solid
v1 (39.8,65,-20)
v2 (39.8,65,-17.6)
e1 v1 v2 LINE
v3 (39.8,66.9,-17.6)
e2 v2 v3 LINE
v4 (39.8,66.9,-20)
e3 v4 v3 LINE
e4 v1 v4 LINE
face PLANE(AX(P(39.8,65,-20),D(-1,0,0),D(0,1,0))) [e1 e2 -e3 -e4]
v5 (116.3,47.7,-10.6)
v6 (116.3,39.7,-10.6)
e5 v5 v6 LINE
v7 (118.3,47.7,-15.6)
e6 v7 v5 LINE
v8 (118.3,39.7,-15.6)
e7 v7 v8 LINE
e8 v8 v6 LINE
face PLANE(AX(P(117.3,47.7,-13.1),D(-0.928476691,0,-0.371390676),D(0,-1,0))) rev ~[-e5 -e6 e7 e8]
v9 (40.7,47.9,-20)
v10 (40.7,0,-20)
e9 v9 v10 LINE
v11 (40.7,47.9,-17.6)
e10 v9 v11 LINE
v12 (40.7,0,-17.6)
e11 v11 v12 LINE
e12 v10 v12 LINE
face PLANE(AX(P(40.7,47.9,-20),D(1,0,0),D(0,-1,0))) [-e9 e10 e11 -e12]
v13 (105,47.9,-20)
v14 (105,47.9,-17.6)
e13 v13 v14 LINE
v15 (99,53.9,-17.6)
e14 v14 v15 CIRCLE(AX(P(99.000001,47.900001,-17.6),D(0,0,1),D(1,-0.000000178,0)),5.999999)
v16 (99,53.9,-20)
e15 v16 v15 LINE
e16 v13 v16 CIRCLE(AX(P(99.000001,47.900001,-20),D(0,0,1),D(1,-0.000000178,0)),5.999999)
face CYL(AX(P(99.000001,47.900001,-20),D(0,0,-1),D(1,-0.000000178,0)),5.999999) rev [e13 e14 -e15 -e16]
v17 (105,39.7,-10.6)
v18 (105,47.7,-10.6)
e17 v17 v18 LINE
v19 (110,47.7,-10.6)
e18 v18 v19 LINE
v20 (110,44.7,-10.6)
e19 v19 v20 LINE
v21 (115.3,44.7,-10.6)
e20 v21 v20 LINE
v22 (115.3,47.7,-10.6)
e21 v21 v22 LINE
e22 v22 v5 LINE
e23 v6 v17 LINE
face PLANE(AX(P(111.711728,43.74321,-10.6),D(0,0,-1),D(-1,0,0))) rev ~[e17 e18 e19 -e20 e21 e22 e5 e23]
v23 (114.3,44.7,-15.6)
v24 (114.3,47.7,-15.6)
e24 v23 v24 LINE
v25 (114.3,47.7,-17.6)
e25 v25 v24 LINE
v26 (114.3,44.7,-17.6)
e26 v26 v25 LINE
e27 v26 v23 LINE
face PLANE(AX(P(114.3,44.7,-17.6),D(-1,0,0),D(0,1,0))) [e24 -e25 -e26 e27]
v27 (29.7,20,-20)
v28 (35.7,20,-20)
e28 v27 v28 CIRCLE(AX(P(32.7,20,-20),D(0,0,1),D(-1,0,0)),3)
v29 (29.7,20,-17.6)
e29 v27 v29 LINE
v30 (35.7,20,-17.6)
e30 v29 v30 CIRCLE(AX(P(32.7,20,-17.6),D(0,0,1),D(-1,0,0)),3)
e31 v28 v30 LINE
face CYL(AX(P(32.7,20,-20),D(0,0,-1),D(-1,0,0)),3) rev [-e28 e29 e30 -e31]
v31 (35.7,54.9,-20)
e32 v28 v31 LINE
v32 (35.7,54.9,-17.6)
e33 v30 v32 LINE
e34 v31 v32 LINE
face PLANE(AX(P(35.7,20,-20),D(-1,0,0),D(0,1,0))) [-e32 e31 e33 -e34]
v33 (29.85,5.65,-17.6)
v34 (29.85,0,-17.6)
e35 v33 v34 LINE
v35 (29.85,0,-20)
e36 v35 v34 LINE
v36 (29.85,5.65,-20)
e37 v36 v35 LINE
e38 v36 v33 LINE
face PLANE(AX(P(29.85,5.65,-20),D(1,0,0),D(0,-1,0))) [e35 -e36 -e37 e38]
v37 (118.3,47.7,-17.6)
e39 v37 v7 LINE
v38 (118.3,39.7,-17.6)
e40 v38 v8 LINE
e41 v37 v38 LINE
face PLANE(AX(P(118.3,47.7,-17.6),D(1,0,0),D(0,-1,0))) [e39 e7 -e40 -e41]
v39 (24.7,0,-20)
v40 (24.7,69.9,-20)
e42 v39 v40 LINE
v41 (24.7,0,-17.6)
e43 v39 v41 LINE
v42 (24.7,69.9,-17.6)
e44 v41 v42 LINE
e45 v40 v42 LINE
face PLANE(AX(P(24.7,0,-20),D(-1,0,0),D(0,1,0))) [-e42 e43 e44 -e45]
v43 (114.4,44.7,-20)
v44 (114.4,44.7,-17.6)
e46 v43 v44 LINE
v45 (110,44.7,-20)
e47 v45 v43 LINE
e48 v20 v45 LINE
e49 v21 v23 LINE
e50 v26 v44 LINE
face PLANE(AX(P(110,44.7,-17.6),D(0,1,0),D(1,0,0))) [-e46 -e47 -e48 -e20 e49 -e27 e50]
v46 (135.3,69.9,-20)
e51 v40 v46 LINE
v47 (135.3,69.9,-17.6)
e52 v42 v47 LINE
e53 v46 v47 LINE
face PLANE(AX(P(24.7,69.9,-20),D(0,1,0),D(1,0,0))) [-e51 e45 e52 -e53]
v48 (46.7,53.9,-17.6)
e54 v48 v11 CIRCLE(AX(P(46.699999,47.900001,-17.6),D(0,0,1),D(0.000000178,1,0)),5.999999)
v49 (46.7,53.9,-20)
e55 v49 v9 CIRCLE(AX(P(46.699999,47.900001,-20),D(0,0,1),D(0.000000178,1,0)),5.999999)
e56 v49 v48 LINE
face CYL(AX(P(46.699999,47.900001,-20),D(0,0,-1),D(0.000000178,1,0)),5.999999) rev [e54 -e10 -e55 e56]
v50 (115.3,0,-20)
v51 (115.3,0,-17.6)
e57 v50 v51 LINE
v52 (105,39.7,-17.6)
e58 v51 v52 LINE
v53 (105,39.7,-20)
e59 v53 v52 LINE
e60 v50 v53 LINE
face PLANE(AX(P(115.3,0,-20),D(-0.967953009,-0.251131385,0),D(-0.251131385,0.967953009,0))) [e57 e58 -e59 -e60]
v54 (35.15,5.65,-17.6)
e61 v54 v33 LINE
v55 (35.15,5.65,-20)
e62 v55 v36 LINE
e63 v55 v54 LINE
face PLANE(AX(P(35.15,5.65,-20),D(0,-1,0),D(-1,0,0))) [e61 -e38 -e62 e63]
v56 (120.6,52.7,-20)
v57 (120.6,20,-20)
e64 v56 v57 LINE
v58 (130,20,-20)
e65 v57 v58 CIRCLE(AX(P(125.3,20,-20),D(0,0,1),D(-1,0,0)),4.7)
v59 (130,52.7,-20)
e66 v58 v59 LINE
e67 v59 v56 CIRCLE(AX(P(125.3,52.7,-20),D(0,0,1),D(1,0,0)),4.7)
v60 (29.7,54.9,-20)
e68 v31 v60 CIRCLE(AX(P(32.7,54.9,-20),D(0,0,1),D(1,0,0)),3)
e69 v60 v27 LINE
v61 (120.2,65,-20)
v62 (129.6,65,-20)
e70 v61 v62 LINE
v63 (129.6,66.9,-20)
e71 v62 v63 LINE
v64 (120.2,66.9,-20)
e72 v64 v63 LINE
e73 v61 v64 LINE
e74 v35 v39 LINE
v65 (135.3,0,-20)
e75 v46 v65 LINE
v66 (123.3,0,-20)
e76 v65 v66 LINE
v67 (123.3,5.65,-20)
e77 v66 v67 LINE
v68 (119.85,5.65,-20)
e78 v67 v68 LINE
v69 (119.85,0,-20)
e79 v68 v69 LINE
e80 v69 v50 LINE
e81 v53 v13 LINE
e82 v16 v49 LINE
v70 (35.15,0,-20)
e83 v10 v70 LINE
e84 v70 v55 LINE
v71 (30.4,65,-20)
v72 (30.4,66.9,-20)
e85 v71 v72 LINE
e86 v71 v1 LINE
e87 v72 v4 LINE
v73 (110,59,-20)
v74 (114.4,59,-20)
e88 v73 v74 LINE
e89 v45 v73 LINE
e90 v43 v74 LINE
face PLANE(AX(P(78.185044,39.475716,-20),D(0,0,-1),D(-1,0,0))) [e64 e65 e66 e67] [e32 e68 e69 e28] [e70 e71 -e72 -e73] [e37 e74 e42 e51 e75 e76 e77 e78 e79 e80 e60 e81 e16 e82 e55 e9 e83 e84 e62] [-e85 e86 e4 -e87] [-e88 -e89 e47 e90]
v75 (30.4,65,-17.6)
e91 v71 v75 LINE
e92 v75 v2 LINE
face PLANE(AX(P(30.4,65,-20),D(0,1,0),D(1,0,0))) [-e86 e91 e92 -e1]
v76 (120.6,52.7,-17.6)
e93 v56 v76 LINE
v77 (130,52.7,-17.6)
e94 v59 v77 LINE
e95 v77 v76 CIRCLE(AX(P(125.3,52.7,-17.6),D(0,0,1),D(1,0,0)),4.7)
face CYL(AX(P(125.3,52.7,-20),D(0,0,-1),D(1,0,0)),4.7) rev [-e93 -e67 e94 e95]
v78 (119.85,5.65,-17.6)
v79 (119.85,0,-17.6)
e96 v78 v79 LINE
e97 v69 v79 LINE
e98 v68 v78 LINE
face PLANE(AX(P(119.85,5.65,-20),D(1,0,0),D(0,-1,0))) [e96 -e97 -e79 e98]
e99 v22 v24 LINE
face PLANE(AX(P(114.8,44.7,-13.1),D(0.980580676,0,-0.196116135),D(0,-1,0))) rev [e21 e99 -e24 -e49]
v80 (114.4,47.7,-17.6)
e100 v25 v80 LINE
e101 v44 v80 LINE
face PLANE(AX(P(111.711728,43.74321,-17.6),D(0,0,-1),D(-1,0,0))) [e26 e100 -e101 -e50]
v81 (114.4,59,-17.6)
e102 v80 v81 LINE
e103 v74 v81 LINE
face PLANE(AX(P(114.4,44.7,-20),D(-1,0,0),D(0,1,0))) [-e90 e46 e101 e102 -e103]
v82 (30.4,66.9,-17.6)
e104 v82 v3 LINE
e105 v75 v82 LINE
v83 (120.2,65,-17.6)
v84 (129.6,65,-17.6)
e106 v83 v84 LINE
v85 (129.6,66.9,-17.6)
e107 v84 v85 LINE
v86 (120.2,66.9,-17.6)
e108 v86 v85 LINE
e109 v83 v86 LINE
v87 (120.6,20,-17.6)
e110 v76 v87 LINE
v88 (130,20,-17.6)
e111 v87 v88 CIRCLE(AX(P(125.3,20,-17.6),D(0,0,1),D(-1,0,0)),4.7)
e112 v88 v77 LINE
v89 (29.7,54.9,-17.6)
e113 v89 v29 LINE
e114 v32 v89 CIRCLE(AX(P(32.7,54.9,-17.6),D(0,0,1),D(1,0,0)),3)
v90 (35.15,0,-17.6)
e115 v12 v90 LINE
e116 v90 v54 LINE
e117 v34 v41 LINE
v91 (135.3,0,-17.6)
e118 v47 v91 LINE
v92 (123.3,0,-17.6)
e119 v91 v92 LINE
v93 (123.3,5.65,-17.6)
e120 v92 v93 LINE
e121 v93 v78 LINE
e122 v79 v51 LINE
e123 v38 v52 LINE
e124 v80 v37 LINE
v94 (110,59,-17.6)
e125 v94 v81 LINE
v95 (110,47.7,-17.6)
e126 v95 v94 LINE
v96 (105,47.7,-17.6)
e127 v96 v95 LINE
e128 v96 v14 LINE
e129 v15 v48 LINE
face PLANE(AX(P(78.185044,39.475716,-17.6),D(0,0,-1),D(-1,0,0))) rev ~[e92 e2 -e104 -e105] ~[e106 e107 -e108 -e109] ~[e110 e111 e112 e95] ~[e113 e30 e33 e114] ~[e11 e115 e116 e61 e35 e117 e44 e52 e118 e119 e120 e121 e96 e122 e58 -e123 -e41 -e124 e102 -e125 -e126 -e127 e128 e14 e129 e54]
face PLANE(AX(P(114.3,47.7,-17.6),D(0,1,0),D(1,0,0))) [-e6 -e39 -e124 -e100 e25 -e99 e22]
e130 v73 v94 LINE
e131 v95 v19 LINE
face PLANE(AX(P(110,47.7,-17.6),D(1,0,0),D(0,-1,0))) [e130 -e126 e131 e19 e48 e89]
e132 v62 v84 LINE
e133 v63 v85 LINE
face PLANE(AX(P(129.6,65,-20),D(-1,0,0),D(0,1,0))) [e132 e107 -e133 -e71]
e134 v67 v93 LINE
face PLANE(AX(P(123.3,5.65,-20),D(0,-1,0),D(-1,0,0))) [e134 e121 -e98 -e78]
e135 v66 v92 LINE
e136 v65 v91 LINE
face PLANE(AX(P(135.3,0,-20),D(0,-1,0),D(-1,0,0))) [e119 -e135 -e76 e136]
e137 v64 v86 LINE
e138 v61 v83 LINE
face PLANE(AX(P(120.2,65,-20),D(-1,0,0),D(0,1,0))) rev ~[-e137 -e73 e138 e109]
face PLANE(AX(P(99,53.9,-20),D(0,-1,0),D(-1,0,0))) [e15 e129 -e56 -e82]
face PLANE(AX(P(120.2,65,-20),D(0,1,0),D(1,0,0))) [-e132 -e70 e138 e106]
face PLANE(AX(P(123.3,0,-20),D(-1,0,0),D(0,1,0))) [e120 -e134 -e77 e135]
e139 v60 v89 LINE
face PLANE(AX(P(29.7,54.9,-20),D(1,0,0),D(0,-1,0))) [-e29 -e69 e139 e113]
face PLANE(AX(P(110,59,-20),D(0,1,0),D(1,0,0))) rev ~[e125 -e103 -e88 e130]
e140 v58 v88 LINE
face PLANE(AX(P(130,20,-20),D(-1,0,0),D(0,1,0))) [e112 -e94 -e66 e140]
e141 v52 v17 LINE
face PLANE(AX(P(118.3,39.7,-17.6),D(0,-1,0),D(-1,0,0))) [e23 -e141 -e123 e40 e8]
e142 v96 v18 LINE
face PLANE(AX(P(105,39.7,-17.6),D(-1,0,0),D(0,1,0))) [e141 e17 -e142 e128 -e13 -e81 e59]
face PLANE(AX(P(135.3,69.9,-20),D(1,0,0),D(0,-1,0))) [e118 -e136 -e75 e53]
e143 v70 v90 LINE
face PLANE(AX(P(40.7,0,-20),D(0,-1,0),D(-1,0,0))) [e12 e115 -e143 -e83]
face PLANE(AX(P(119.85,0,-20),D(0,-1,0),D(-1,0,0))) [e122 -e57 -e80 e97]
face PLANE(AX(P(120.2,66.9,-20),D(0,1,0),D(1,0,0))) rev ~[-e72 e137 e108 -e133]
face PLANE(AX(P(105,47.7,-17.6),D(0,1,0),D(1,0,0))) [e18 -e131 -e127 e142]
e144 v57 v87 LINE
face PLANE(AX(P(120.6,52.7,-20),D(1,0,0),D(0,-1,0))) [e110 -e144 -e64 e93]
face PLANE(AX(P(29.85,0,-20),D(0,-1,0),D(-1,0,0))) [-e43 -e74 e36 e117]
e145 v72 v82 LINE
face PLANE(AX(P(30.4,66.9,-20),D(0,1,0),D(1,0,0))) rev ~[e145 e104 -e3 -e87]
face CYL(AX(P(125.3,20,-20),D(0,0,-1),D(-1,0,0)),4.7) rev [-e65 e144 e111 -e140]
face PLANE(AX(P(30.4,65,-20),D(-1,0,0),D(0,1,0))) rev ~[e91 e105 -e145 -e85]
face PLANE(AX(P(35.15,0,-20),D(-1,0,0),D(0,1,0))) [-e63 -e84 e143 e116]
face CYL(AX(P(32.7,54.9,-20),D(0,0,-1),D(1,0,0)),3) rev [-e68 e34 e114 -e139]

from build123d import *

# Parameters (mm, degrees)
EXTRUDE001_DEPTH = 7
SKETCH011_W      = 9.4
SKETCH011_H      = 1.9
SKETCH011_W_2    = 4.4
SKETCH011_H_2    = 14.3
PAD008_DEPTH     = 2.4
CHAMFER004_SIZE2 = 2
CHAMFER004_SIZE  = 5
CHAMFER005_SIZE2 = 5
CHAMFER005_SIZE  = 1


with BuildPart() as extrude001:
    # Sketch012 (on CopyDatumPlane) → Extrude001 (new body)
    with BuildSketch(Plane.XY.offset(2.4)):
        Polygon((25, 47.7), (30, 47.7), (30, 44.7), (34.3, 44.7), (34.3, 47.7), (38.3, 47.7), (38.3, 39.7), (25, 39.7), align=None)
    extrude(amount=EXTRUDE001_DEPTH)


with BuildPart() as body005:
    # Sketch011 → Pad008 (new body)
    with BuildSketch(Plane.XY):
        with BuildLine():
            Line((-55.3, 0), (-55.3, 69.9))
            Line((-55.3, 69.9), (55.3, 69.9))
            Line((55.3, 69.9), (55.3, 0))
            Line((55.3, 0), (43.3, 0))
            Line((43.3, 0), (43.3, 5.65))
            Line((43.3, 5.65), (39.85, 5.65))
            Line((39.85, 5.65), (39.85, 0))
            Line((39.85, 0), (35.3, 0))
            Line((35.3, 0), (25, 39.7))
            Line((25, 39.7), (25, 47.9))
            ThreePointArc((25, 47.9), (23.242641, 52.142641), (19, 53.9))
            Line((19, 53.9), (-33.3, 53.9))
            ThreePointArc((-33.3, 53.9), (-37.542641, 52.142641), (-39.3, 47.9))
            Line((-39.3, 47.9), (-39.3, 0))
            Line((-39.3, 0), (-44.85, 0))
            Line((-44.85, 0), (-44.85, 5.65))
            Line((-44.85, 5.65), (-50.15, 5.65))
            Line((-50.15, 5.65), (-50.15, 0))
            Line((-50.15, 0), (-55.3, 0))
        make_face()
        with Locations((-44.9, 65.95)):
            Rectangle(SKETCH011_W, SKETCH011_H, mode=Mode.SUBTRACT)
        with Locations((44.9, 65.95)):
            Rectangle(SKETCH011_W, SKETCH011_H, mode=Mode.SUBTRACT)
        with BuildLine():
            Line((-50.3, 54.9), (-50.3, 20))
            ThreePointArc((-50.3, 20), (-47.3, 17), (-44.3, 20))
            Line((-44.3, 20), (-44.3, 54.9))
            ThreePointArc((-44.3, 54.9), (-47.3, 57.9), (-50.3, 54.9))
        make_face(mode=Mode.SUBTRACT)
        with BuildLine():
            Line((40.6, 52.7), (40.6, 20))
            ThreePointArc((40.6, 20), (45.3, 15.3), (50, 20))
            Line((50, 20), (50, 52.7))
            ThreePointArc((50, 52.7), (45.3, 57.4), (40.6, 52.7))
        make_face(mode=Mode.SUBTRACT)
        with Locations((32.2, 51.85)):
            Rectangle(SKETCH011_W_2, SKETCH011_H_2, mode=Mode.SUBTRACT)
    extrude(amount=PAD008_DEPTH)

    # Fusion: union Extrude001
    add(extrude001.part)

    # Chamfer004
    chamfer004_edges = [body005.edges().sort_by_distance(p)[0] for p in [
        (38.3, 43.7, 9.4),
    ]]
    chamfer004_side = body005.faces().sort_by_distance((38.3, 43.7, 5.9))[0]
    chamfer(chamfer004_edges, length=CHAMFER004_SIZE, length2=CHAMFER004_SIZE2, reference=chamfer004_side)

    # Chamfer005
    chamfer005_edges = [body005.edges().sort_by_distance(p)[0] for p in [
        (34.3, 46.2, 9.4),
    ]]
    chamfer005_side = body005.faces().sort_by_distance((30.400323, 43.283871, 9.4))[0]
    chamfer(chamfer005_edges, length=CHAMFER005_SIZE, length2=CHAMFER005_SIZE2, reference=chamfer005_side)


with BuildPart() as body005_1:
    # Body005 placement: moved
    add(body005.part.moved(Location((80, 0, -20))))


solid = body005_1.part
